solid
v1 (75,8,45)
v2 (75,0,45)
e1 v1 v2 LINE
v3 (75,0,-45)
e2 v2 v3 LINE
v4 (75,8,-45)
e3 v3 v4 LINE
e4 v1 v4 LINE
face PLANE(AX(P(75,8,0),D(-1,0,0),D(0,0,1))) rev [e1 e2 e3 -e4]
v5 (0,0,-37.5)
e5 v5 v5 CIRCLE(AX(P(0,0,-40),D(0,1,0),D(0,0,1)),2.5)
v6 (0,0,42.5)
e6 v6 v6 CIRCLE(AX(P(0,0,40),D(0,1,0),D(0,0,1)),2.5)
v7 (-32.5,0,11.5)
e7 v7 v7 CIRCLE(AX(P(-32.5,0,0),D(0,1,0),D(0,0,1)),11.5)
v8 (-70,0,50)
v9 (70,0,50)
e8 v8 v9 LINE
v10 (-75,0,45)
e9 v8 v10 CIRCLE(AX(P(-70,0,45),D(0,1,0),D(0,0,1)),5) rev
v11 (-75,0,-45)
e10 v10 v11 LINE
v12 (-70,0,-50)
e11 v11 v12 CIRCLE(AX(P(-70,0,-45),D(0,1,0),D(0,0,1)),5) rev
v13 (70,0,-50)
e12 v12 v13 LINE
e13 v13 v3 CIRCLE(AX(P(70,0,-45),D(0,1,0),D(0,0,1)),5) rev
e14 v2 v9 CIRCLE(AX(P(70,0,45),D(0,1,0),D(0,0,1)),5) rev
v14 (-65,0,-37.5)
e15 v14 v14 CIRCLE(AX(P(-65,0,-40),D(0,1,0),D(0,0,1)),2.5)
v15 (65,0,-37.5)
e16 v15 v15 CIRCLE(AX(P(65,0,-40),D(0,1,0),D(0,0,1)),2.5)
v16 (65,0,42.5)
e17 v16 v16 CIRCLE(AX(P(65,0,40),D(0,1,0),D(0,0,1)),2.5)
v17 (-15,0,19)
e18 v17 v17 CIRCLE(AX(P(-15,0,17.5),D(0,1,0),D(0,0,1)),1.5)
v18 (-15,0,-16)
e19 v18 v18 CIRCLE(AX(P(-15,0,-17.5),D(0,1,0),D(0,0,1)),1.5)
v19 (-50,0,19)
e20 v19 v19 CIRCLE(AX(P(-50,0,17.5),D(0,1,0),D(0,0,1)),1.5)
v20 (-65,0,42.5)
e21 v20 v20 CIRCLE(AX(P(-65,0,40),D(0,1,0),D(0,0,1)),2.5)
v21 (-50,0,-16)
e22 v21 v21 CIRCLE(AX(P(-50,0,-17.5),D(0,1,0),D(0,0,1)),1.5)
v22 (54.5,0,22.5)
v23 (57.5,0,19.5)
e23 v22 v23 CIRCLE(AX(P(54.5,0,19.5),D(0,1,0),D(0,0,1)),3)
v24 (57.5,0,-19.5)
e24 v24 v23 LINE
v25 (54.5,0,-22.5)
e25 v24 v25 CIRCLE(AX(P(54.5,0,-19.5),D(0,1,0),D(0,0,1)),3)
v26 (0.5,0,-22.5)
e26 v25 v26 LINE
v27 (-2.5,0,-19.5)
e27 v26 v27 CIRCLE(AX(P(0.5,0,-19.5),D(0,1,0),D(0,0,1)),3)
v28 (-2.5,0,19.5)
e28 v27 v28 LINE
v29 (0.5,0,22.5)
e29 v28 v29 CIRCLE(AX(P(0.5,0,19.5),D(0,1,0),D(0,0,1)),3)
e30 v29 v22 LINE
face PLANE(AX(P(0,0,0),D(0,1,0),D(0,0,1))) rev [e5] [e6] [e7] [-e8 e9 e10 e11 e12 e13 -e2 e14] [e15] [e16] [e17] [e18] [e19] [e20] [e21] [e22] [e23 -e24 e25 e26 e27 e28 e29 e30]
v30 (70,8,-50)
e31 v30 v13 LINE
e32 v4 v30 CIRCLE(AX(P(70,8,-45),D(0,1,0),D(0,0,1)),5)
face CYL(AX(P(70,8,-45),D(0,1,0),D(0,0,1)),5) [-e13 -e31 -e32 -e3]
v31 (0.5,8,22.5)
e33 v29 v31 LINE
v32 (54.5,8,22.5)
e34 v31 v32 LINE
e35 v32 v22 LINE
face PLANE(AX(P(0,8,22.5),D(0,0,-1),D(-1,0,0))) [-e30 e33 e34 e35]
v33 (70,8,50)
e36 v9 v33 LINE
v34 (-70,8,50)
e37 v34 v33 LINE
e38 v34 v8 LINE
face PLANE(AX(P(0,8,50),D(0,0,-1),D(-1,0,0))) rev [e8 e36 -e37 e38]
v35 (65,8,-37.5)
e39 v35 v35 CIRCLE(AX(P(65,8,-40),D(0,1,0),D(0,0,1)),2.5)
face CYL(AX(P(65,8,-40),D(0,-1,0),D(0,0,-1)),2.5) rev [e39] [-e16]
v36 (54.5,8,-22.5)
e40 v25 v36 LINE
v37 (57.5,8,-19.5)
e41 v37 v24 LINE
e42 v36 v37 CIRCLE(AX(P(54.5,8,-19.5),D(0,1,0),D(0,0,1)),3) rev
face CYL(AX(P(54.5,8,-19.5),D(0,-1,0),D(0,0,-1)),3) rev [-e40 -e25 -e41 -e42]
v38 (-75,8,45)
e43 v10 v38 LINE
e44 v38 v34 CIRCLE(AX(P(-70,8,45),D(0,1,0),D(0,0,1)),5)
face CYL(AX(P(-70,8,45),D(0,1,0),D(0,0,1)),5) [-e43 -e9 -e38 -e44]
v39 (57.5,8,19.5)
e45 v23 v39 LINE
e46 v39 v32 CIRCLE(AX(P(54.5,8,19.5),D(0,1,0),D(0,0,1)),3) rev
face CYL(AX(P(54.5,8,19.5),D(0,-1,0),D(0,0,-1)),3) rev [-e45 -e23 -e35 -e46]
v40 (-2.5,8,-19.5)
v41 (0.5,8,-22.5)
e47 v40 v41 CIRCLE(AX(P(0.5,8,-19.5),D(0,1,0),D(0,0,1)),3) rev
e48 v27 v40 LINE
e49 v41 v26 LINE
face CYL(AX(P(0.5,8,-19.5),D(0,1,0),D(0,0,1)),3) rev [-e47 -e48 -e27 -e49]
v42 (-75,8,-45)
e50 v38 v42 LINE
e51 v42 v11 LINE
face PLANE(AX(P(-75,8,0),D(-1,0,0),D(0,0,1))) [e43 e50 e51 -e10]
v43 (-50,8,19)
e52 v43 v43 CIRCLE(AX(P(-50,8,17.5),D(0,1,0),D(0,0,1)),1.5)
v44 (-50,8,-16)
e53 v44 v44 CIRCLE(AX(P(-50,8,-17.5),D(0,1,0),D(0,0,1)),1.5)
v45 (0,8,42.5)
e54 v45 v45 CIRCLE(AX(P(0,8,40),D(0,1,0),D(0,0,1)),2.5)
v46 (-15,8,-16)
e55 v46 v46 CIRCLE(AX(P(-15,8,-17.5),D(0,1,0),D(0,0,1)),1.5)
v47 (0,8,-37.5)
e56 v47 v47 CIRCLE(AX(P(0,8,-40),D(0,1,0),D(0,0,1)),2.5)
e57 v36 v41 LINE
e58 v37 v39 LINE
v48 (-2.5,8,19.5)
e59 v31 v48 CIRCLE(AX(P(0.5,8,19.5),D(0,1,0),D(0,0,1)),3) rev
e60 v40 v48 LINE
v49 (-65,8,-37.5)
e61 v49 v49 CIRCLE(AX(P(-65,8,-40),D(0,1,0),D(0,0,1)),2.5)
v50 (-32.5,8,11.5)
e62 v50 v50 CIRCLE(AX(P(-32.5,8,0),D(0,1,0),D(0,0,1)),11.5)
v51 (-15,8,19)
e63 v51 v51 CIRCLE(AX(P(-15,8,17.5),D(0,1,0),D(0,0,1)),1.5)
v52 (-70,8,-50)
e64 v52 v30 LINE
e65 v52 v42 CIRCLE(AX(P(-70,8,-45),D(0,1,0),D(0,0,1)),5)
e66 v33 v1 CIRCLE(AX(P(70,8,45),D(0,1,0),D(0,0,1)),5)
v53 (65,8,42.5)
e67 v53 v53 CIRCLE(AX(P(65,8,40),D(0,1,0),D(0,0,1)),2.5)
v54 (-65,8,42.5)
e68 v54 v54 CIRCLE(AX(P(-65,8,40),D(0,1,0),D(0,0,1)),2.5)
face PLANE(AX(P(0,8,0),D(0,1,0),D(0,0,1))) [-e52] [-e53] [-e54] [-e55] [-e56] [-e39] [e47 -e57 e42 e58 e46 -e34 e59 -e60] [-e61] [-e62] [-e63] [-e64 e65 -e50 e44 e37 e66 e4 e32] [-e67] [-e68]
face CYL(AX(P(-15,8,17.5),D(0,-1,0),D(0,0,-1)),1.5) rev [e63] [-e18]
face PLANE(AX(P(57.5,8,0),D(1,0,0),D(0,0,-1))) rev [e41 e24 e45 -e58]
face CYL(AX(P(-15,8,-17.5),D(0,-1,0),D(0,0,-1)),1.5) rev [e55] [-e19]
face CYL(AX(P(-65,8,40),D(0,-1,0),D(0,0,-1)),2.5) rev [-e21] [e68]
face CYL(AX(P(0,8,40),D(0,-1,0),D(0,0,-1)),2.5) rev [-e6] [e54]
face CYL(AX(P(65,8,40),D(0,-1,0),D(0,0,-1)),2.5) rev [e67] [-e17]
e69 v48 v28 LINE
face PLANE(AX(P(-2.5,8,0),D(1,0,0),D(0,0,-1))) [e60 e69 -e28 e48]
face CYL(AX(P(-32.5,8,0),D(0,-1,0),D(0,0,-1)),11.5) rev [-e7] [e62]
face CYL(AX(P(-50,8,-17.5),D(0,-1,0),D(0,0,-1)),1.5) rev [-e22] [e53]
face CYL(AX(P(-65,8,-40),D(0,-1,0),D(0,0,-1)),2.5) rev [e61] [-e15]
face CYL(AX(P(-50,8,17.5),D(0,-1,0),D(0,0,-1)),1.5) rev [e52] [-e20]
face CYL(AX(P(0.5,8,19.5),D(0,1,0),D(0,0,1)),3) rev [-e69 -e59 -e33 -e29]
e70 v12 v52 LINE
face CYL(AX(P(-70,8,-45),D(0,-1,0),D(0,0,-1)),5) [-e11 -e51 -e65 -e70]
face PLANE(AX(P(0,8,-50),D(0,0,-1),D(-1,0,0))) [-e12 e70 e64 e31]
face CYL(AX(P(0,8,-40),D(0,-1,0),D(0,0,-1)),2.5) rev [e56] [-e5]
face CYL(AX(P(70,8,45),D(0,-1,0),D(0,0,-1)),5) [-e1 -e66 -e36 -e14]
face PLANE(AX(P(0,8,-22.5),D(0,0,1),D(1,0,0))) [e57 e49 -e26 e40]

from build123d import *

# Parameters (mm, degrees)
SKETCH1_W           = 150
SKETCH1_H           = 100
SKETCH1_R           = 2.5
SKETCH1_R_2         = 11.5
SKETCH1_R_3         = 1.5
SKETCH1_W_2         = 60
SKETCH1_H_2         = 45
BOSS_EXTRUDE1_DEPTH = 8
FILLET2_R           = 5
FILLET4_R           = 3


with BuildPart() as part:
    # Sketch1 → Boss-Extrude1 (new body)
    with BuildSketch(Plane(origin=(0, 0, 0), x_dir=(1, 0, 0), z_dir=(0, 1, 0))):
        Rectangle(SKETCH1_W, SKETCH1_H)
        with Locations(Location((-65, 40, 0), (0, 0, 270))):
            Circle(SKETCH1_R, mode=Mode.SUBTRACT)
        with Locations(Location((0, 40, 0), (0, 0, 270))):
            Circle(SKETCH1_R, mode=Mode.SUBTRACT)
        with Locations(Location((65, 40, 0), (0, 0, 270))):
            Circle(SKETCH1_R, mode=Mode.SUBTRACT)
        with Locations(Location((0, -40, 0), (0, 0, 270))):
            Circle(SKETCH1_R, mode=Mode.SUBTRACT)
        with Locations(Location((65, -40, 0), (0, 0, 270))):
            Circle(SKETCH1_R, mode=Mode.SUBTRACT)
        with Locations(Location((-65, -40, 0), (0, 0, 270))):
            Circle(SKETCH1_R, mode=Mode.SUBTRACT)
        with Locations(Location((-32.5, 0, 0), (0, 0, 270))):
            Circle(SKETCH1_R_2, mode=Mode.SUBTRACT)
        with Locations(Location((-50, 17.5, 0), (0, 0, 270))):
            Circle(SKETCH1_R_3, mode=Mode.SUBTRACT)
        with Locations(Location((-15, 17.5, 0), (0, 0, 270))):
            Circle(SKETCH1_R_3, mode=Mode.SUBTRACT)
        with Locations(Location((-15, -17.5, 0), (0, 0, 270))):
            Circle(SKETCH1_R_3, mode=Mode.SUBTRACT)
        with Locations(Location((-50, -17.5, 0), (0, 0, 270))):
            Circle(SKETCH1_R_3, mode=Mode.SUBTRACT)
        with Locations((27.5, 0)):
            Rectangle(SKETCH1_W_2, SKETCH1_H_2, mode=Mode.SUBTRACT)
    extrude(amount=BOSS_EXTRUDE1_DEPTH)

    # Fillet2
    fillet2_edges = [part.edges().sort_by_distance(p)[0] for p in [
        (-75, 4, 50),
        (-75, 4, -50),
        (75, 4, -50),
        (75, 4, 50),
    ]]
    fillet(fillet2_edges, radius=FILLET2_R)

    # Fillet4
    fillet4_edges = [part.edges().sort_by_distance(p)[0] for p in [
        (57.5, 4, 22.5),
        (57.5, 4, -22.5),
        (-2.5, 4, -22.5),
        (-2.5, 4, 22.5),
    ]]
    fillet(fillet4_edges, radius=FILLET4_R)


solid = part.part
